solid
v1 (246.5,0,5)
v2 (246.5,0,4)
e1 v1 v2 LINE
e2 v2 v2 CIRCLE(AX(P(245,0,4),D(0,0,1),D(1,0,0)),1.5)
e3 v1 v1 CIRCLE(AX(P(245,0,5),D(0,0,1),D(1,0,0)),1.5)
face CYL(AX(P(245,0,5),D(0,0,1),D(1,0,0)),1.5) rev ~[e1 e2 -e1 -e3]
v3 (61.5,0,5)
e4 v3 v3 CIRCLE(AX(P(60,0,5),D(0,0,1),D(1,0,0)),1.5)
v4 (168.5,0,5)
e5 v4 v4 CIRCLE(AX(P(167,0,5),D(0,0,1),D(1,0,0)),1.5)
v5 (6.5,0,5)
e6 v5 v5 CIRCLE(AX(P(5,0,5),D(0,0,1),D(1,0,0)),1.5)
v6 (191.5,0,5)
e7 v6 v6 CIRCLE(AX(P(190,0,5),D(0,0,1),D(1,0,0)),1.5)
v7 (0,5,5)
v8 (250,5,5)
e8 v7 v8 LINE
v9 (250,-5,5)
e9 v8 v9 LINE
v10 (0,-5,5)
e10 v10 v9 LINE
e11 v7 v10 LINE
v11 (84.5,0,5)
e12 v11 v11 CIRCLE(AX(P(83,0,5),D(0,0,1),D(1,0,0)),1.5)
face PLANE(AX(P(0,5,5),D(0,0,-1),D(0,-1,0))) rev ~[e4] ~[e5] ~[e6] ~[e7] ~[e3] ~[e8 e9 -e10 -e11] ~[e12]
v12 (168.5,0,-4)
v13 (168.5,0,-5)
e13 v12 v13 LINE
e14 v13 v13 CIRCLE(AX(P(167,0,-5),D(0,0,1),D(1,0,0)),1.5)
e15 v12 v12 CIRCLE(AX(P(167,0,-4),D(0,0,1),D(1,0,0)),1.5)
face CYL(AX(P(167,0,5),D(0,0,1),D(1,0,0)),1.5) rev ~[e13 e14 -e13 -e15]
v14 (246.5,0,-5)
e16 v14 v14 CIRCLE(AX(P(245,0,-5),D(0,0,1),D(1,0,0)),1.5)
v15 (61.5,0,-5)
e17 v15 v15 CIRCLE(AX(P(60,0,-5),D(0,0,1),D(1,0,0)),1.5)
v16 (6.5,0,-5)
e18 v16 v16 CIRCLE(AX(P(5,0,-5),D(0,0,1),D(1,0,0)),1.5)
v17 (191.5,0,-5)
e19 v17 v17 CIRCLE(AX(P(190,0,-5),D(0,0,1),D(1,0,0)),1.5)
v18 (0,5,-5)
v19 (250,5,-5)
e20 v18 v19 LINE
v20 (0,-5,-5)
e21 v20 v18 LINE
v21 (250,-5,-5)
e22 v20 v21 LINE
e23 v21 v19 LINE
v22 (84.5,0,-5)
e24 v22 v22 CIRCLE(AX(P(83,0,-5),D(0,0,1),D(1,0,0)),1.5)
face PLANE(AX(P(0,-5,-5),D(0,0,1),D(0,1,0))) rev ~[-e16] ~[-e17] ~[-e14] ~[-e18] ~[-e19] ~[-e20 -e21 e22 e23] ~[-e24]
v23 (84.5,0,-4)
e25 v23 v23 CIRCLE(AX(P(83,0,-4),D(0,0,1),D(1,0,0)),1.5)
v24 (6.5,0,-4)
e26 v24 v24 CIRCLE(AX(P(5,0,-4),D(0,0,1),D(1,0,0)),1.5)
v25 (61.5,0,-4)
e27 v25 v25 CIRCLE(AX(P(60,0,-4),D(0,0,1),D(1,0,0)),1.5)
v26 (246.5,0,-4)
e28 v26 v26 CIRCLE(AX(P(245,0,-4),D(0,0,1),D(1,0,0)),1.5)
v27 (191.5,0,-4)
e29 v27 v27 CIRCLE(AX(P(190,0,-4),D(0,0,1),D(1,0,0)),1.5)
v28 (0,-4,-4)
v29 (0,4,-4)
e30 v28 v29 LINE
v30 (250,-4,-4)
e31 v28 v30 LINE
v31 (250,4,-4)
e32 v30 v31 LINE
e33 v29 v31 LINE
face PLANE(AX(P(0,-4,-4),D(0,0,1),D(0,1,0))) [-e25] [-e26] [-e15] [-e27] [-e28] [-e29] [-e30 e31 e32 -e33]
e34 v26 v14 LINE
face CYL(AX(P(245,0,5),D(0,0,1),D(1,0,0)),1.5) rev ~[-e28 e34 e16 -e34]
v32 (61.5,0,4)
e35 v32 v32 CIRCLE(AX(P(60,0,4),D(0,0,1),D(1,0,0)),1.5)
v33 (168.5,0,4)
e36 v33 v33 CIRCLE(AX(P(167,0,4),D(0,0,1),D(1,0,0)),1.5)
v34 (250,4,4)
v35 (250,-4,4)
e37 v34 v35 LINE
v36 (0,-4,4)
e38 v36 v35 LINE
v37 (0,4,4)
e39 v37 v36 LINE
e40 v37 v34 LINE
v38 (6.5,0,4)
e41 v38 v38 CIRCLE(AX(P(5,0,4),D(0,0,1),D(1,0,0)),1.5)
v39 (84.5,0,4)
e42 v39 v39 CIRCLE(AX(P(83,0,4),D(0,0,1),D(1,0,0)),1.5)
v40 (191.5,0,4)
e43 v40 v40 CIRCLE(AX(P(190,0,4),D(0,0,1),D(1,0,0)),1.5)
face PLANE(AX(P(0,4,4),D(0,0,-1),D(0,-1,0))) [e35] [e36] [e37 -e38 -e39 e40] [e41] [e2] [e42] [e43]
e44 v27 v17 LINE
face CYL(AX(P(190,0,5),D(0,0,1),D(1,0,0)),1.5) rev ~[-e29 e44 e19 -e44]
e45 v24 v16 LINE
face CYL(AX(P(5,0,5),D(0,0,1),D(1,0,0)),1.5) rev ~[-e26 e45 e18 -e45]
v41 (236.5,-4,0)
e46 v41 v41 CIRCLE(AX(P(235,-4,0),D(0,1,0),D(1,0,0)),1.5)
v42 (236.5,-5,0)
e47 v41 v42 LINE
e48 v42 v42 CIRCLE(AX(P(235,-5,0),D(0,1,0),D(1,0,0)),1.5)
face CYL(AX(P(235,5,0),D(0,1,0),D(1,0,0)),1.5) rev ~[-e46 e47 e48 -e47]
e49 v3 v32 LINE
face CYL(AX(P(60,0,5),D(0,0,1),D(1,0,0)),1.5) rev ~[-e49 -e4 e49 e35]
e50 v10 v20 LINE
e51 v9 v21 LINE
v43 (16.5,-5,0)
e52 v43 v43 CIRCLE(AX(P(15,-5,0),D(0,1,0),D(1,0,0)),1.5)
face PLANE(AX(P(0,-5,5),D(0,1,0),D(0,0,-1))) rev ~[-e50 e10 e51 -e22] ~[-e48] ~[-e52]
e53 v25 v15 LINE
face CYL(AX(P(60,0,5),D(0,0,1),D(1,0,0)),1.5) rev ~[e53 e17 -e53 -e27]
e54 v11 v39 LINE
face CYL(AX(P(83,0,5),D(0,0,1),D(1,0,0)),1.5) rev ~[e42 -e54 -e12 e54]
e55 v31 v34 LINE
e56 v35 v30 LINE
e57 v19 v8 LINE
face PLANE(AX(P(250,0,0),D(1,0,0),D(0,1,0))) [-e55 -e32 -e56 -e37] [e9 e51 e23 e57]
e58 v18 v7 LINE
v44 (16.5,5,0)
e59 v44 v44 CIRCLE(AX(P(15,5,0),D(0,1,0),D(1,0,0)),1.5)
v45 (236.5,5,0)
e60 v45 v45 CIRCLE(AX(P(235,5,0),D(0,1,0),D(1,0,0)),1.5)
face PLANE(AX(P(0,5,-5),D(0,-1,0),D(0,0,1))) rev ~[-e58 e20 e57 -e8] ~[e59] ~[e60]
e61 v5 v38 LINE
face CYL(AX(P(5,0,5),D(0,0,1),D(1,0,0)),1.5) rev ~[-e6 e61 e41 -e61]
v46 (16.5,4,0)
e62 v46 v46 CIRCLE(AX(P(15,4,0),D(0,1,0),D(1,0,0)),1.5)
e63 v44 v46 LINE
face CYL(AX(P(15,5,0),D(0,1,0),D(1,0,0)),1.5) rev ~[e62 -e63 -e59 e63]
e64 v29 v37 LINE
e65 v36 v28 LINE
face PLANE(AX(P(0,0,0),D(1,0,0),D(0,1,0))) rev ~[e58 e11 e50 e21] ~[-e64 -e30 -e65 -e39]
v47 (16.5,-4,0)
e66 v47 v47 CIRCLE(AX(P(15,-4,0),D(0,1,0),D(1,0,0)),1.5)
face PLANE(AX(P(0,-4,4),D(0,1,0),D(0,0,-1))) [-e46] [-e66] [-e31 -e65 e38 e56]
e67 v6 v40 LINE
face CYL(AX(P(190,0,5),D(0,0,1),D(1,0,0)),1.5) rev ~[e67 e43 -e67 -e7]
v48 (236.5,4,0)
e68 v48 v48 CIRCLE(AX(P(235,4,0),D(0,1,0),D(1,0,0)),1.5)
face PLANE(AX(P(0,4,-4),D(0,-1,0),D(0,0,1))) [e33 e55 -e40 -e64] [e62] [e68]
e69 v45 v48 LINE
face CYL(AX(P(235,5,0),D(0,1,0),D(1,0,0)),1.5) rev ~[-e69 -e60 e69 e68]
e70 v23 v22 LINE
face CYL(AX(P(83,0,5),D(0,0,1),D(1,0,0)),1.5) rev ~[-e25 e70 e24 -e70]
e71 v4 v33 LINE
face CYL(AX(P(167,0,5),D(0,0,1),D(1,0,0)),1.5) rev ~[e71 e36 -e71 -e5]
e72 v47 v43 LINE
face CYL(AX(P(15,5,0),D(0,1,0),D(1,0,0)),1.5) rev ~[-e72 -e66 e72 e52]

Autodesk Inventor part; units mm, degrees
ref_plane "YZ Plane" through (0, 0, 0) normal (1, 0, 0) x (0, 1, 0)
ref_plane "XZ Plane" through (0, 0, 0) normal (0, 1, 0) x (-1, 0, 0)
ref_plane "XY Plane" through (0, 0, 0) normal (0, 0, 1) x (1, 0, 0)
sketch "スケッチ1" plane through (0, 0, 0) normal (1, 0, 0) x (0, 1, 0)
  line L0 (5, 5) -> (-5, 5)
  line L1 (-5, 5) -> (-5, -5)
  line L2 (-5, -5) -> (5, -5)
  line L3 (5, -5) -> (5, 5)
  line L4 (4, 4) -> (-4, 4)
  line L5 (-4, 4) -> (-4, -4)
  line L6 (-4, -4) -> (4, -4)
  line L7 (4, -4) -> (4, 4)
  point P0 (0, 0)
  dimension "d0" = 1
  dimension "d1" = 1
  dimension "d2" = 1
  dimension "d3" = 1
  dimension "d4" = 10
  dimension "d5" = 10
  dimension "d6" = 5
  dimension "d7" = 5
extrude "押し出し1" add sketch "スケッチ1" along normal blind 250
sketch "スケッチ2" plane through (0, -5, 5) normal (0, 0, 1) x (1, 0, 0)
  circle A0 centre (60, 5) radius 1.5
  circle A1 centre (190, 5) radius 1.5
  line L0 (250, 10) -> (250, 0) projected
  line L1 (0, 10) -> (0, 0) projected
  line L2 (0, 0) -> (250, 0) projected
  point P0 (0, 5)
  dimension "d10" = 60
  dimension "d11" = 3
  dimension "d12" = 3
  dimension "d13" = 60
  dimension "d14" = 5
extrude "押し出し2" cut sketch "スケッチ2" against normal blind 200
sketch "スケッチ3" plane through (0, -5, 5) normal (0, 0, 1) x (1, 0, 0)
  circle A0 centre (5, 5) radius 1.5
  circle A1 centre (245, 5) radius 1.5
  line L0 (250, 10) -> (250, 0) projected
  line L1 (0, 10) -> (250, 10) projected
  line L2 (0, 10) -> (0, 0) projected
  point P0 (0, 5)
  dimension "d17" = 5
  dimension "d18" = 5
  dimension "d19" = 3
  dimension "d20" = 5
  dimension "d21" = 5
  dimension "d22" = 3
extrude "押し出し3" cut sketch "スケッチ3" against normal blind 200
sketch "スケッチ4" plane through (0, -5, 5) normal (0, 0, 1) x (1, 0, 0)
  circle A0 centre (83, 5) radius 1.5
  circle A1 centre (60, 5) radius 1.5 projected
  circle A2 centre (167, 5) radius 1.5
  circle A3 centre (190, 5) radius 1.5 projected
  line L0 (0, 0) -> (250, 0) projected
  point P0 (0, 5)
  dimension "d25" = 3
  dimension "d27" = 3
  dimension "d39" = 84
  dimension "d40" = 23
  dimension "d41" = 5
  dimension "d42" = 5
  dimension "d43" = 23
extrude "押し出し4" cut sketch "スケッチ4" against normal blind 200 contours A0 | A2
sketch "スケッチ5" plane through (0, 5, 5) normal (0, 1, 0) x (1, 0, 0)
  circle A0 centre (15, 5) radius 1.5
  line L0 (0, 10) -> (250, 10) projected
  line L1 (0, 10) -> (0, 0) projected
  circle A1 centre (235, 5) radius 1.5
  line L2 (250, 10) -> (250, 0) projected
  line L3 (0, 0) -> (250, 0) projected
  point P0 (0, 5)
  dimension "d31" = 3
  dimension "d32" = 5
  dimension "d33" = 15
  dimension "d34" = 15
  dimension "d35" = 5
  dimension "d36" = 3
extrude "押し出し5" cut sketch "スケッチ5" against normal blind 200 contours A0 | A1
properties part number "fsparts" material "アルミニウム 6061"
